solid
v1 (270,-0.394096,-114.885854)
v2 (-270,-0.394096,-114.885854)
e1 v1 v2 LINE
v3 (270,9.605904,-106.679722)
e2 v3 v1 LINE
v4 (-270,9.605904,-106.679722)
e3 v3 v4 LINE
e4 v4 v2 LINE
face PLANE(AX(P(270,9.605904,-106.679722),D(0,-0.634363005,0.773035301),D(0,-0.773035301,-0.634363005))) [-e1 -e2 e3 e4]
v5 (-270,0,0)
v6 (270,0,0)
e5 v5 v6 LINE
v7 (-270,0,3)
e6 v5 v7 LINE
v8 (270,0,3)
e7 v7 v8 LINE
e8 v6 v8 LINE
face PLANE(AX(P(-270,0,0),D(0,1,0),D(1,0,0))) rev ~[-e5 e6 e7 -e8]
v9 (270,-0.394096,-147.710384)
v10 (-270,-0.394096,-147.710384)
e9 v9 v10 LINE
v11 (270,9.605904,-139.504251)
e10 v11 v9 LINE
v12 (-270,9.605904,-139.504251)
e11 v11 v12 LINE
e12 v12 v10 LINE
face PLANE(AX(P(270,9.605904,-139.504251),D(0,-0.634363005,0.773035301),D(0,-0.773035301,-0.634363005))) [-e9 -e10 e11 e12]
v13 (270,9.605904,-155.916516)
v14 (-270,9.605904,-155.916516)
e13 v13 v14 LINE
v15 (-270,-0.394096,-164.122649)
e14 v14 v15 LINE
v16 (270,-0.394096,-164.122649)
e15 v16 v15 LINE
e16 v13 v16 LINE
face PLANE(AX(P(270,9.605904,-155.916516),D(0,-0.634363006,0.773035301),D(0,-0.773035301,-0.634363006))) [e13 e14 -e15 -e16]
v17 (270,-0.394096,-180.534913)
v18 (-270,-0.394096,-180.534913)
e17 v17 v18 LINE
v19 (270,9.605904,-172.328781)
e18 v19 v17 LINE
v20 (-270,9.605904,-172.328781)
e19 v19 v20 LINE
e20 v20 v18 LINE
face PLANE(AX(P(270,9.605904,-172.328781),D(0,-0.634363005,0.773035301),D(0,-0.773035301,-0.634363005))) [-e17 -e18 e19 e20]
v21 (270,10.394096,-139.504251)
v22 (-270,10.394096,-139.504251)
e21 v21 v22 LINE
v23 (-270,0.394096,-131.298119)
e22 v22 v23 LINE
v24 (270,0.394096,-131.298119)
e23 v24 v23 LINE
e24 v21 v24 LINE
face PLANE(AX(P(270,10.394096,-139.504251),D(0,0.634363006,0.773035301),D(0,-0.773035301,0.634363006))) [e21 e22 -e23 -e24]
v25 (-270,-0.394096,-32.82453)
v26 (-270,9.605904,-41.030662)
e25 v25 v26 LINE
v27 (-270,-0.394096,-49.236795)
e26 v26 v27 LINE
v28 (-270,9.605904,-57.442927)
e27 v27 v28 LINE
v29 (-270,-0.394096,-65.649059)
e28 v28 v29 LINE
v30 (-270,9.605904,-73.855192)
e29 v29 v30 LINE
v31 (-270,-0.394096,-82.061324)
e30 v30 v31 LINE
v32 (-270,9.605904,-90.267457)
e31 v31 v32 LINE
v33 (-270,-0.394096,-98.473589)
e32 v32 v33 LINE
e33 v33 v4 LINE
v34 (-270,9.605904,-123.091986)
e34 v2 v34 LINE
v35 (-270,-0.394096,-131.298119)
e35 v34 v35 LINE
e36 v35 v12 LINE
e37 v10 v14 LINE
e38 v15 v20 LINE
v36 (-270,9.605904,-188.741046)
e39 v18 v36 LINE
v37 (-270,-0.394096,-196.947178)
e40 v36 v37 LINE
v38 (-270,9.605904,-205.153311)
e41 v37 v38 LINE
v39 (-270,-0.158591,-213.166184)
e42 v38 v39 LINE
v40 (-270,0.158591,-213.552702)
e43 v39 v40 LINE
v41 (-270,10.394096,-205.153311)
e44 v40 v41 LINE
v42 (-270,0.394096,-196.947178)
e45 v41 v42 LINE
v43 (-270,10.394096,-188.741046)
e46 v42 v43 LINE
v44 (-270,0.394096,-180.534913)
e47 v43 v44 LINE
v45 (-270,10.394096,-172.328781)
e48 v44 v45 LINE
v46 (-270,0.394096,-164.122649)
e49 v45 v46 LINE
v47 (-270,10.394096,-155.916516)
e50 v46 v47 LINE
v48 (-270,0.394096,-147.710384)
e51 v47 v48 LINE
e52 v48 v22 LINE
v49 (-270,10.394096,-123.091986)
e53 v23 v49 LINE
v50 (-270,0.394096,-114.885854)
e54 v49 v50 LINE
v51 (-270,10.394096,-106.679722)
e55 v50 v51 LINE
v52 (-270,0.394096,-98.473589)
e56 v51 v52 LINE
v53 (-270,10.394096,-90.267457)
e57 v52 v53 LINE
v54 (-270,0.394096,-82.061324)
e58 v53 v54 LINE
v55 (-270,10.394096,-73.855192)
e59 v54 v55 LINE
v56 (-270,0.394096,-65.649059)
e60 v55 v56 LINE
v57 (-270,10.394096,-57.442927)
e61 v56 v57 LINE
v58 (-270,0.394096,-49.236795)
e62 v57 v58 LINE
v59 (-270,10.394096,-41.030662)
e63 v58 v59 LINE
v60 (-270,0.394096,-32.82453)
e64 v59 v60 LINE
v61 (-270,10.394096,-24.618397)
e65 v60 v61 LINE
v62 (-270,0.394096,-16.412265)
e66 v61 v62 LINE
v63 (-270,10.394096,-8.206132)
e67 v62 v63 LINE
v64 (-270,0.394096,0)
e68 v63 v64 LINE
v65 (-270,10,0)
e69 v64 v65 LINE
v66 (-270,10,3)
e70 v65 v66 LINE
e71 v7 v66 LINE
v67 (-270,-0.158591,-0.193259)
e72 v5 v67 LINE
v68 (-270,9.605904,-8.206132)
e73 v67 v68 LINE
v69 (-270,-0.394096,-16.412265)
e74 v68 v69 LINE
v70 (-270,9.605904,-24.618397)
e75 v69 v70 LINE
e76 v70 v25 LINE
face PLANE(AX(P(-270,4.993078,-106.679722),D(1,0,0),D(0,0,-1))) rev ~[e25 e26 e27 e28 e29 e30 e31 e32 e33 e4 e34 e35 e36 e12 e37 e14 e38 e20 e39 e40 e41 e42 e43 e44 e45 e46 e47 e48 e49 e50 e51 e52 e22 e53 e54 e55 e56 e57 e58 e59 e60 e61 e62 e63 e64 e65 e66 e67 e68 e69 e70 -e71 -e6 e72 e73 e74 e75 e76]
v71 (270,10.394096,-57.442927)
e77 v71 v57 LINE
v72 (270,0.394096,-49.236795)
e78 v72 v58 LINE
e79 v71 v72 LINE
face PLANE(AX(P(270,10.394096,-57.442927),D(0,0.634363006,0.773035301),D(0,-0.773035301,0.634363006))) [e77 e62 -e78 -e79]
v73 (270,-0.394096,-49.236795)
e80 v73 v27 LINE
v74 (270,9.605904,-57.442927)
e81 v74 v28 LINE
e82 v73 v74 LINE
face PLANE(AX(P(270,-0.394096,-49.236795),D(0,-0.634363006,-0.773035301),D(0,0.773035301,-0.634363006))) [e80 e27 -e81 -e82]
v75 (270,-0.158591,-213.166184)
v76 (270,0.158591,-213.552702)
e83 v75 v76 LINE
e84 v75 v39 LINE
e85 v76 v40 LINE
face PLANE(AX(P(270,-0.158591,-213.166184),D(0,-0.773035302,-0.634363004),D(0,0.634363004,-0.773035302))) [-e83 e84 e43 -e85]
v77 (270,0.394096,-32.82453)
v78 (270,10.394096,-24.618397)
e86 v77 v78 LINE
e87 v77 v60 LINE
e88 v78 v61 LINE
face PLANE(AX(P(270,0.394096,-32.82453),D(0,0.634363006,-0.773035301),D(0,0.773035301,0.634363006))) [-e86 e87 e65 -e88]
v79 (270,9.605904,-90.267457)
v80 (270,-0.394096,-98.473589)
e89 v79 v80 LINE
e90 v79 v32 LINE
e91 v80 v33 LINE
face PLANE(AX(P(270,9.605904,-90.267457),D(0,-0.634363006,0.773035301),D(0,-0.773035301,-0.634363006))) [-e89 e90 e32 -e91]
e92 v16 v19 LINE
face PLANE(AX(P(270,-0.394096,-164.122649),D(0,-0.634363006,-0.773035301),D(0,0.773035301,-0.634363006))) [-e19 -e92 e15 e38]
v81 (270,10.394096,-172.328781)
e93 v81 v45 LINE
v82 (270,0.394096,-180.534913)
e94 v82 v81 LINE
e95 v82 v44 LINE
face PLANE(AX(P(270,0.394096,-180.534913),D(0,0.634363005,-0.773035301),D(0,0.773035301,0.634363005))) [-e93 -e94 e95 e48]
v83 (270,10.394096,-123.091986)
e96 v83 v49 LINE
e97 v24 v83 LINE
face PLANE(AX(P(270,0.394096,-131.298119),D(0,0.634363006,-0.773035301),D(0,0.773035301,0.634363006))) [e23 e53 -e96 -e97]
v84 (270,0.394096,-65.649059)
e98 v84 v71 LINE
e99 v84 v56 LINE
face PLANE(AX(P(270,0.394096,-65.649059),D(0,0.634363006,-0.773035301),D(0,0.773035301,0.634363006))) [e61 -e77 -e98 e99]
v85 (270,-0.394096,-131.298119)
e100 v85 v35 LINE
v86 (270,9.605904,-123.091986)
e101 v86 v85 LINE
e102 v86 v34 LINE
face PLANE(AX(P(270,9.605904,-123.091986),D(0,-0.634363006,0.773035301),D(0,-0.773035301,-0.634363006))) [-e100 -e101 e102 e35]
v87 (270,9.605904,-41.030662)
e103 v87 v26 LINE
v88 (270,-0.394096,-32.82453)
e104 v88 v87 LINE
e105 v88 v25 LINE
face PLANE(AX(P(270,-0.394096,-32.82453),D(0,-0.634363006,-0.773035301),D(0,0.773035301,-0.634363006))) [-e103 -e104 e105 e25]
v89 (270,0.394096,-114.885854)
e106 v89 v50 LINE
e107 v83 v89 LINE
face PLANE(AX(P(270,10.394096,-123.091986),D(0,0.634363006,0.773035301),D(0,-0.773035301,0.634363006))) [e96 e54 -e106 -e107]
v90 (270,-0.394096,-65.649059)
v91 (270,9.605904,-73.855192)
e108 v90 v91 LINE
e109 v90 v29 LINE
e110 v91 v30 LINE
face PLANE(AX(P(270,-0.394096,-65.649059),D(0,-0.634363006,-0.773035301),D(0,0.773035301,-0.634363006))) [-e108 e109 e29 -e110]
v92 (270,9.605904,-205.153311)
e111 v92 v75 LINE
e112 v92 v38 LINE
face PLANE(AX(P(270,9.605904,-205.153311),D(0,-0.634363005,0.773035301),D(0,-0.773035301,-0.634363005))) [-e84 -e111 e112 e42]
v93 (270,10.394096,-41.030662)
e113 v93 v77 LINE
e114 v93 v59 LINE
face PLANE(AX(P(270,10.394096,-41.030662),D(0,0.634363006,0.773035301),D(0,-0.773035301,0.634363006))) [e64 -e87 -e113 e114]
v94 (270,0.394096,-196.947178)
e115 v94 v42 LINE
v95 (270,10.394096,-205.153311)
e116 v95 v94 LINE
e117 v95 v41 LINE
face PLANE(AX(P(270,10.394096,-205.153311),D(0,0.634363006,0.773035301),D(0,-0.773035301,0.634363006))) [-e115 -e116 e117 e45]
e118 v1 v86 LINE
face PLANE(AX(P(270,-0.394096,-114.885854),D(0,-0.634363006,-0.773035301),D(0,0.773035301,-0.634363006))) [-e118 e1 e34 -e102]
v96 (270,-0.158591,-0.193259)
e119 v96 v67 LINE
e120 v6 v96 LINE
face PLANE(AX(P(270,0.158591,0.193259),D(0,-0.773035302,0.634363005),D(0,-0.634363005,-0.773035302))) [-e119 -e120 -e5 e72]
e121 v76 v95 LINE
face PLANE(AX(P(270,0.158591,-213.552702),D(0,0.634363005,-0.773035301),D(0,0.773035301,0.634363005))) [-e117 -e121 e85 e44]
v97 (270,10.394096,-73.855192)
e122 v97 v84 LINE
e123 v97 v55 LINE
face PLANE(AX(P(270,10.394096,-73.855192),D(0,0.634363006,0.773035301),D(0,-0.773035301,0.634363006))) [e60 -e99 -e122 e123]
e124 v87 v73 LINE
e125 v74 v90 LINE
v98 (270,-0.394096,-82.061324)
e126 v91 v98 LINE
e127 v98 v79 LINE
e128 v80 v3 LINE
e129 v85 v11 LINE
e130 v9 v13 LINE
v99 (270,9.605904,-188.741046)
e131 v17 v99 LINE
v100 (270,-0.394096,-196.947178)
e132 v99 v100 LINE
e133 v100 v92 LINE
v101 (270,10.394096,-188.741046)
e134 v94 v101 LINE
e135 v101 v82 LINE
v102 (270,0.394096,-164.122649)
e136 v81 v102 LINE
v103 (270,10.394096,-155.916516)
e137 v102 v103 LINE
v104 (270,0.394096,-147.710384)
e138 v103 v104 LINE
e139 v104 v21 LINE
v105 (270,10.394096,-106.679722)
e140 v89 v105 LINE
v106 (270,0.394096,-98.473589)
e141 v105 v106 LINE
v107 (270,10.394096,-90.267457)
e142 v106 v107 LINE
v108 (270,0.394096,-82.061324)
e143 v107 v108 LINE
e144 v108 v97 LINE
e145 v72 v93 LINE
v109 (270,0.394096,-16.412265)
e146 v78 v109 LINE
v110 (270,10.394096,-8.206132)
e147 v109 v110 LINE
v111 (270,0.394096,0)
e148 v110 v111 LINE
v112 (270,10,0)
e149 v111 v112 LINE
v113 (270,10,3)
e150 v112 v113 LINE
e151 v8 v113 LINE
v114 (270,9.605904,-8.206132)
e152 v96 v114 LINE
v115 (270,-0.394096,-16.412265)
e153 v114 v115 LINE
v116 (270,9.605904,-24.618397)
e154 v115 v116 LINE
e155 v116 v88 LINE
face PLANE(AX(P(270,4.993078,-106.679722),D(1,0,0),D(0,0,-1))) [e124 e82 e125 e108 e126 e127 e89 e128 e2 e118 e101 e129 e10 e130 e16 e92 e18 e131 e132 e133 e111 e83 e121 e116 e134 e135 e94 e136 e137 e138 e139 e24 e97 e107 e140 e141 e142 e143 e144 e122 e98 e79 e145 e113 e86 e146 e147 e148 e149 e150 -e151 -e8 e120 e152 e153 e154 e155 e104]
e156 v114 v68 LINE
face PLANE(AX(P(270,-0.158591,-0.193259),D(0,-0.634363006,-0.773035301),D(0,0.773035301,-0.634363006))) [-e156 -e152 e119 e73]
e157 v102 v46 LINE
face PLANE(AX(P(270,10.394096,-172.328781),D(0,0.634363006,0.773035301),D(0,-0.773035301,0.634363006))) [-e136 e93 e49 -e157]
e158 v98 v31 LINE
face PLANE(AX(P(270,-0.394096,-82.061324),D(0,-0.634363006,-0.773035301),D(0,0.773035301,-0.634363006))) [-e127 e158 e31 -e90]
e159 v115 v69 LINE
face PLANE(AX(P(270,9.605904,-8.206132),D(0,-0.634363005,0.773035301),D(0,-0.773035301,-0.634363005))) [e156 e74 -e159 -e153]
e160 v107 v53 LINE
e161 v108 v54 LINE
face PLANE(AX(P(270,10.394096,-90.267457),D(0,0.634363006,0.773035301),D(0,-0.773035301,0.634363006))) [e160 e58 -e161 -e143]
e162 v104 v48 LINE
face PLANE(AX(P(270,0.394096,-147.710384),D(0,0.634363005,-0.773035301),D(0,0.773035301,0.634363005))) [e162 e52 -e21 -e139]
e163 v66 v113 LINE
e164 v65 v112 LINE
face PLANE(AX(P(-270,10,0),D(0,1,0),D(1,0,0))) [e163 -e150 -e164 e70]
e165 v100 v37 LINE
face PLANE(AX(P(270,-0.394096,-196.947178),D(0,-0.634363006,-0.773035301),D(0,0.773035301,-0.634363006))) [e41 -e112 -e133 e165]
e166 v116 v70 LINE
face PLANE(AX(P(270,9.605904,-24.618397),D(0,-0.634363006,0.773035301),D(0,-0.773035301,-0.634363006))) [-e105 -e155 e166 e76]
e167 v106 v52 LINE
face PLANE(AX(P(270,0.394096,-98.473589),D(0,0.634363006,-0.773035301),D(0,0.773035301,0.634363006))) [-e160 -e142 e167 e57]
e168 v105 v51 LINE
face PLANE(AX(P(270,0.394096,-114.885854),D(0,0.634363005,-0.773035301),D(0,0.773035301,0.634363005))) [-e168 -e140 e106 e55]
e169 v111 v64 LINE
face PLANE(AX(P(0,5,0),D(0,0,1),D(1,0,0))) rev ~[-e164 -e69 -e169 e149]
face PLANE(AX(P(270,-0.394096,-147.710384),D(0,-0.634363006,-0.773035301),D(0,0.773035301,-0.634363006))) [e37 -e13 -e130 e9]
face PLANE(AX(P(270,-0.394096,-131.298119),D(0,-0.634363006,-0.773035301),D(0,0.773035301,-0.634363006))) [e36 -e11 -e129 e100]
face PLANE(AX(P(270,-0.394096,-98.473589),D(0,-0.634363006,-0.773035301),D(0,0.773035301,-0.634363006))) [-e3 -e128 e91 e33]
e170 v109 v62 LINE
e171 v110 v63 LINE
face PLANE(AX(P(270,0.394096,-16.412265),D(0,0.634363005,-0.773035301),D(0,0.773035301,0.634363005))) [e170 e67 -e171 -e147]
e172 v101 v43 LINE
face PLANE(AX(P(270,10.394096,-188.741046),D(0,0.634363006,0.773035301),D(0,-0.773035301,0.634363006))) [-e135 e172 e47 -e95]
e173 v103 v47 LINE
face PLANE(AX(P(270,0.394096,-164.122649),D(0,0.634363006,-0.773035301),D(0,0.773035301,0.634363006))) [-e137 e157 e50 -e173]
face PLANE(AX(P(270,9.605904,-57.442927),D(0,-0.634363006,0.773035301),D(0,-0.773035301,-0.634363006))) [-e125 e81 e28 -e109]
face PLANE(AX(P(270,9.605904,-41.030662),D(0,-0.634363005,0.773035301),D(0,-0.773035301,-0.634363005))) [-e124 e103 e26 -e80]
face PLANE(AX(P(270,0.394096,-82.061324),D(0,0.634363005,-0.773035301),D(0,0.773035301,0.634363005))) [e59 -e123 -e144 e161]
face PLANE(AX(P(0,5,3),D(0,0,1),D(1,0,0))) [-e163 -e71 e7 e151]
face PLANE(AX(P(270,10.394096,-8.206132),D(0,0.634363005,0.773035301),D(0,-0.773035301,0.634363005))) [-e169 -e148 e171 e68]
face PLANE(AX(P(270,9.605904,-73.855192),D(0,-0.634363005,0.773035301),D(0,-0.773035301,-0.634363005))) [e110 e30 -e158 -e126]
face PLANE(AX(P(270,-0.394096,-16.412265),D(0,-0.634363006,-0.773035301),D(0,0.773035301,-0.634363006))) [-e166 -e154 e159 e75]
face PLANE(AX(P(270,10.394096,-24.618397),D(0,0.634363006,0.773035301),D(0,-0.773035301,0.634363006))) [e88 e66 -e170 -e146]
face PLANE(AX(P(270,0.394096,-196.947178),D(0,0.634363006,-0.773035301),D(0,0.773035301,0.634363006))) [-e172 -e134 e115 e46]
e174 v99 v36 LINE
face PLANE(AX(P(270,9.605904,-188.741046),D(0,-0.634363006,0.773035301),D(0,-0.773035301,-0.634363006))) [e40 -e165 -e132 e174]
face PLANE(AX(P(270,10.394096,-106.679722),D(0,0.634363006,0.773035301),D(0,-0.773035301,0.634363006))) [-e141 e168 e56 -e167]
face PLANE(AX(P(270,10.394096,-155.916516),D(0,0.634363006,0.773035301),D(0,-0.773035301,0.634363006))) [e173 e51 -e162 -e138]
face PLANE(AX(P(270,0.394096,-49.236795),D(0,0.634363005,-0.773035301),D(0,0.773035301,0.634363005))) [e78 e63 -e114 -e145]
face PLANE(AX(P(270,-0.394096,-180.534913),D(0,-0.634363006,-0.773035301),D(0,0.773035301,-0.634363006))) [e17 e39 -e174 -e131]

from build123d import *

# Parameters (mm, degrees)
SKETCH2_W           = 540
SKETCH2_H           = 10
BOSS_EXTRUDE1_DEPTH = 3
EXTRUDE_THIN1_DEPTH = 540


with BuildPart() as part:
    # Sketch2 → Boss-Extrude1 (new body)
    with BuildSketch(Plane.XY):
        with Locations((0, 5)):
            Rectangle(SKETCH2_W, SKETCH2_H)
    extrude(amount=BOSS_EXTRUDE1_DEPTH)

    # Sketch3 → Extrude-Thin1 (add, through all)
    with BuildSketch(Plane(origin=(270, 0, 0), x_dir=(0, 0, -1), z_dir=(1, 0, 0))):
        Polygon((0.193258825, -0.158590751), (8.206132428, 9.605903879), (16.412264855, -0.394096121), (24.618397283, 9.605903879), (32.824529711, -0.394096121), (41.030662139, 9.605903879), (49.236794566, -0.394096121), (57.442926994, 9.605903879), (65.649059422, -0.394096121), (73.85519185, 9.605903879), (82.061324277, -0.394096121), (90.267456705, 9.605903879), (98.473589133, -0.394096121), (106.679721561, 9.605903879), (114.885853988, -0.394096121), (123.091986416, 9.605903879), (131.298118844, -0.394096121), (139.504251272, 9.605903879), (147.710383699, -0.394096121), (155.916516127, 9.605903879), (164.122648555, -0.394096121), (172.328780983, 9.605903879), (180.53491341, -0.394096121), (188.741045838, 9.605903879), (196.947178266, -0.394096121), (205.153310694, 9.605903879), (213.166184296, -0.158590751), (213.552701947, 0.158590751), (205.153310694, 10.394096121), (196.947178266, 0.394096121), (188.741045838, 10.394096121), (180.53491341, 0.394096121), (172.328780983, 10.394096121), (164.122648555, 0.394096121), (155.916516127, 10.394096121), (147.710383699, 0.394096121), (139.504251272, 10.394096121), (131.298118844, 0.394096121), (123.091986416, 10.394096121), (114.885853988, 0.394096121), (106.679721561, 10.394096121), (98.473589133, 0.394096121), (90.267456705, 10.394096121), (82.061324277, 0.394096121), (73.85519185, 10.394096121), (65.649059422, 0.394096121), (57.442926994, 10.394096121), (49.236794566, 0.394096121), (41.030662139, 10.394096121), (32.824529711, 0.394096121), (24.618397283, 10.394096121), (16.412264855, 0.394096121), (8.206132428, 10.394096121), (-0.193258825, 0.158590751), align=None)
    extrude(amount=-EXTRUDE_THIN1_DEPTH)


solid = part.part
